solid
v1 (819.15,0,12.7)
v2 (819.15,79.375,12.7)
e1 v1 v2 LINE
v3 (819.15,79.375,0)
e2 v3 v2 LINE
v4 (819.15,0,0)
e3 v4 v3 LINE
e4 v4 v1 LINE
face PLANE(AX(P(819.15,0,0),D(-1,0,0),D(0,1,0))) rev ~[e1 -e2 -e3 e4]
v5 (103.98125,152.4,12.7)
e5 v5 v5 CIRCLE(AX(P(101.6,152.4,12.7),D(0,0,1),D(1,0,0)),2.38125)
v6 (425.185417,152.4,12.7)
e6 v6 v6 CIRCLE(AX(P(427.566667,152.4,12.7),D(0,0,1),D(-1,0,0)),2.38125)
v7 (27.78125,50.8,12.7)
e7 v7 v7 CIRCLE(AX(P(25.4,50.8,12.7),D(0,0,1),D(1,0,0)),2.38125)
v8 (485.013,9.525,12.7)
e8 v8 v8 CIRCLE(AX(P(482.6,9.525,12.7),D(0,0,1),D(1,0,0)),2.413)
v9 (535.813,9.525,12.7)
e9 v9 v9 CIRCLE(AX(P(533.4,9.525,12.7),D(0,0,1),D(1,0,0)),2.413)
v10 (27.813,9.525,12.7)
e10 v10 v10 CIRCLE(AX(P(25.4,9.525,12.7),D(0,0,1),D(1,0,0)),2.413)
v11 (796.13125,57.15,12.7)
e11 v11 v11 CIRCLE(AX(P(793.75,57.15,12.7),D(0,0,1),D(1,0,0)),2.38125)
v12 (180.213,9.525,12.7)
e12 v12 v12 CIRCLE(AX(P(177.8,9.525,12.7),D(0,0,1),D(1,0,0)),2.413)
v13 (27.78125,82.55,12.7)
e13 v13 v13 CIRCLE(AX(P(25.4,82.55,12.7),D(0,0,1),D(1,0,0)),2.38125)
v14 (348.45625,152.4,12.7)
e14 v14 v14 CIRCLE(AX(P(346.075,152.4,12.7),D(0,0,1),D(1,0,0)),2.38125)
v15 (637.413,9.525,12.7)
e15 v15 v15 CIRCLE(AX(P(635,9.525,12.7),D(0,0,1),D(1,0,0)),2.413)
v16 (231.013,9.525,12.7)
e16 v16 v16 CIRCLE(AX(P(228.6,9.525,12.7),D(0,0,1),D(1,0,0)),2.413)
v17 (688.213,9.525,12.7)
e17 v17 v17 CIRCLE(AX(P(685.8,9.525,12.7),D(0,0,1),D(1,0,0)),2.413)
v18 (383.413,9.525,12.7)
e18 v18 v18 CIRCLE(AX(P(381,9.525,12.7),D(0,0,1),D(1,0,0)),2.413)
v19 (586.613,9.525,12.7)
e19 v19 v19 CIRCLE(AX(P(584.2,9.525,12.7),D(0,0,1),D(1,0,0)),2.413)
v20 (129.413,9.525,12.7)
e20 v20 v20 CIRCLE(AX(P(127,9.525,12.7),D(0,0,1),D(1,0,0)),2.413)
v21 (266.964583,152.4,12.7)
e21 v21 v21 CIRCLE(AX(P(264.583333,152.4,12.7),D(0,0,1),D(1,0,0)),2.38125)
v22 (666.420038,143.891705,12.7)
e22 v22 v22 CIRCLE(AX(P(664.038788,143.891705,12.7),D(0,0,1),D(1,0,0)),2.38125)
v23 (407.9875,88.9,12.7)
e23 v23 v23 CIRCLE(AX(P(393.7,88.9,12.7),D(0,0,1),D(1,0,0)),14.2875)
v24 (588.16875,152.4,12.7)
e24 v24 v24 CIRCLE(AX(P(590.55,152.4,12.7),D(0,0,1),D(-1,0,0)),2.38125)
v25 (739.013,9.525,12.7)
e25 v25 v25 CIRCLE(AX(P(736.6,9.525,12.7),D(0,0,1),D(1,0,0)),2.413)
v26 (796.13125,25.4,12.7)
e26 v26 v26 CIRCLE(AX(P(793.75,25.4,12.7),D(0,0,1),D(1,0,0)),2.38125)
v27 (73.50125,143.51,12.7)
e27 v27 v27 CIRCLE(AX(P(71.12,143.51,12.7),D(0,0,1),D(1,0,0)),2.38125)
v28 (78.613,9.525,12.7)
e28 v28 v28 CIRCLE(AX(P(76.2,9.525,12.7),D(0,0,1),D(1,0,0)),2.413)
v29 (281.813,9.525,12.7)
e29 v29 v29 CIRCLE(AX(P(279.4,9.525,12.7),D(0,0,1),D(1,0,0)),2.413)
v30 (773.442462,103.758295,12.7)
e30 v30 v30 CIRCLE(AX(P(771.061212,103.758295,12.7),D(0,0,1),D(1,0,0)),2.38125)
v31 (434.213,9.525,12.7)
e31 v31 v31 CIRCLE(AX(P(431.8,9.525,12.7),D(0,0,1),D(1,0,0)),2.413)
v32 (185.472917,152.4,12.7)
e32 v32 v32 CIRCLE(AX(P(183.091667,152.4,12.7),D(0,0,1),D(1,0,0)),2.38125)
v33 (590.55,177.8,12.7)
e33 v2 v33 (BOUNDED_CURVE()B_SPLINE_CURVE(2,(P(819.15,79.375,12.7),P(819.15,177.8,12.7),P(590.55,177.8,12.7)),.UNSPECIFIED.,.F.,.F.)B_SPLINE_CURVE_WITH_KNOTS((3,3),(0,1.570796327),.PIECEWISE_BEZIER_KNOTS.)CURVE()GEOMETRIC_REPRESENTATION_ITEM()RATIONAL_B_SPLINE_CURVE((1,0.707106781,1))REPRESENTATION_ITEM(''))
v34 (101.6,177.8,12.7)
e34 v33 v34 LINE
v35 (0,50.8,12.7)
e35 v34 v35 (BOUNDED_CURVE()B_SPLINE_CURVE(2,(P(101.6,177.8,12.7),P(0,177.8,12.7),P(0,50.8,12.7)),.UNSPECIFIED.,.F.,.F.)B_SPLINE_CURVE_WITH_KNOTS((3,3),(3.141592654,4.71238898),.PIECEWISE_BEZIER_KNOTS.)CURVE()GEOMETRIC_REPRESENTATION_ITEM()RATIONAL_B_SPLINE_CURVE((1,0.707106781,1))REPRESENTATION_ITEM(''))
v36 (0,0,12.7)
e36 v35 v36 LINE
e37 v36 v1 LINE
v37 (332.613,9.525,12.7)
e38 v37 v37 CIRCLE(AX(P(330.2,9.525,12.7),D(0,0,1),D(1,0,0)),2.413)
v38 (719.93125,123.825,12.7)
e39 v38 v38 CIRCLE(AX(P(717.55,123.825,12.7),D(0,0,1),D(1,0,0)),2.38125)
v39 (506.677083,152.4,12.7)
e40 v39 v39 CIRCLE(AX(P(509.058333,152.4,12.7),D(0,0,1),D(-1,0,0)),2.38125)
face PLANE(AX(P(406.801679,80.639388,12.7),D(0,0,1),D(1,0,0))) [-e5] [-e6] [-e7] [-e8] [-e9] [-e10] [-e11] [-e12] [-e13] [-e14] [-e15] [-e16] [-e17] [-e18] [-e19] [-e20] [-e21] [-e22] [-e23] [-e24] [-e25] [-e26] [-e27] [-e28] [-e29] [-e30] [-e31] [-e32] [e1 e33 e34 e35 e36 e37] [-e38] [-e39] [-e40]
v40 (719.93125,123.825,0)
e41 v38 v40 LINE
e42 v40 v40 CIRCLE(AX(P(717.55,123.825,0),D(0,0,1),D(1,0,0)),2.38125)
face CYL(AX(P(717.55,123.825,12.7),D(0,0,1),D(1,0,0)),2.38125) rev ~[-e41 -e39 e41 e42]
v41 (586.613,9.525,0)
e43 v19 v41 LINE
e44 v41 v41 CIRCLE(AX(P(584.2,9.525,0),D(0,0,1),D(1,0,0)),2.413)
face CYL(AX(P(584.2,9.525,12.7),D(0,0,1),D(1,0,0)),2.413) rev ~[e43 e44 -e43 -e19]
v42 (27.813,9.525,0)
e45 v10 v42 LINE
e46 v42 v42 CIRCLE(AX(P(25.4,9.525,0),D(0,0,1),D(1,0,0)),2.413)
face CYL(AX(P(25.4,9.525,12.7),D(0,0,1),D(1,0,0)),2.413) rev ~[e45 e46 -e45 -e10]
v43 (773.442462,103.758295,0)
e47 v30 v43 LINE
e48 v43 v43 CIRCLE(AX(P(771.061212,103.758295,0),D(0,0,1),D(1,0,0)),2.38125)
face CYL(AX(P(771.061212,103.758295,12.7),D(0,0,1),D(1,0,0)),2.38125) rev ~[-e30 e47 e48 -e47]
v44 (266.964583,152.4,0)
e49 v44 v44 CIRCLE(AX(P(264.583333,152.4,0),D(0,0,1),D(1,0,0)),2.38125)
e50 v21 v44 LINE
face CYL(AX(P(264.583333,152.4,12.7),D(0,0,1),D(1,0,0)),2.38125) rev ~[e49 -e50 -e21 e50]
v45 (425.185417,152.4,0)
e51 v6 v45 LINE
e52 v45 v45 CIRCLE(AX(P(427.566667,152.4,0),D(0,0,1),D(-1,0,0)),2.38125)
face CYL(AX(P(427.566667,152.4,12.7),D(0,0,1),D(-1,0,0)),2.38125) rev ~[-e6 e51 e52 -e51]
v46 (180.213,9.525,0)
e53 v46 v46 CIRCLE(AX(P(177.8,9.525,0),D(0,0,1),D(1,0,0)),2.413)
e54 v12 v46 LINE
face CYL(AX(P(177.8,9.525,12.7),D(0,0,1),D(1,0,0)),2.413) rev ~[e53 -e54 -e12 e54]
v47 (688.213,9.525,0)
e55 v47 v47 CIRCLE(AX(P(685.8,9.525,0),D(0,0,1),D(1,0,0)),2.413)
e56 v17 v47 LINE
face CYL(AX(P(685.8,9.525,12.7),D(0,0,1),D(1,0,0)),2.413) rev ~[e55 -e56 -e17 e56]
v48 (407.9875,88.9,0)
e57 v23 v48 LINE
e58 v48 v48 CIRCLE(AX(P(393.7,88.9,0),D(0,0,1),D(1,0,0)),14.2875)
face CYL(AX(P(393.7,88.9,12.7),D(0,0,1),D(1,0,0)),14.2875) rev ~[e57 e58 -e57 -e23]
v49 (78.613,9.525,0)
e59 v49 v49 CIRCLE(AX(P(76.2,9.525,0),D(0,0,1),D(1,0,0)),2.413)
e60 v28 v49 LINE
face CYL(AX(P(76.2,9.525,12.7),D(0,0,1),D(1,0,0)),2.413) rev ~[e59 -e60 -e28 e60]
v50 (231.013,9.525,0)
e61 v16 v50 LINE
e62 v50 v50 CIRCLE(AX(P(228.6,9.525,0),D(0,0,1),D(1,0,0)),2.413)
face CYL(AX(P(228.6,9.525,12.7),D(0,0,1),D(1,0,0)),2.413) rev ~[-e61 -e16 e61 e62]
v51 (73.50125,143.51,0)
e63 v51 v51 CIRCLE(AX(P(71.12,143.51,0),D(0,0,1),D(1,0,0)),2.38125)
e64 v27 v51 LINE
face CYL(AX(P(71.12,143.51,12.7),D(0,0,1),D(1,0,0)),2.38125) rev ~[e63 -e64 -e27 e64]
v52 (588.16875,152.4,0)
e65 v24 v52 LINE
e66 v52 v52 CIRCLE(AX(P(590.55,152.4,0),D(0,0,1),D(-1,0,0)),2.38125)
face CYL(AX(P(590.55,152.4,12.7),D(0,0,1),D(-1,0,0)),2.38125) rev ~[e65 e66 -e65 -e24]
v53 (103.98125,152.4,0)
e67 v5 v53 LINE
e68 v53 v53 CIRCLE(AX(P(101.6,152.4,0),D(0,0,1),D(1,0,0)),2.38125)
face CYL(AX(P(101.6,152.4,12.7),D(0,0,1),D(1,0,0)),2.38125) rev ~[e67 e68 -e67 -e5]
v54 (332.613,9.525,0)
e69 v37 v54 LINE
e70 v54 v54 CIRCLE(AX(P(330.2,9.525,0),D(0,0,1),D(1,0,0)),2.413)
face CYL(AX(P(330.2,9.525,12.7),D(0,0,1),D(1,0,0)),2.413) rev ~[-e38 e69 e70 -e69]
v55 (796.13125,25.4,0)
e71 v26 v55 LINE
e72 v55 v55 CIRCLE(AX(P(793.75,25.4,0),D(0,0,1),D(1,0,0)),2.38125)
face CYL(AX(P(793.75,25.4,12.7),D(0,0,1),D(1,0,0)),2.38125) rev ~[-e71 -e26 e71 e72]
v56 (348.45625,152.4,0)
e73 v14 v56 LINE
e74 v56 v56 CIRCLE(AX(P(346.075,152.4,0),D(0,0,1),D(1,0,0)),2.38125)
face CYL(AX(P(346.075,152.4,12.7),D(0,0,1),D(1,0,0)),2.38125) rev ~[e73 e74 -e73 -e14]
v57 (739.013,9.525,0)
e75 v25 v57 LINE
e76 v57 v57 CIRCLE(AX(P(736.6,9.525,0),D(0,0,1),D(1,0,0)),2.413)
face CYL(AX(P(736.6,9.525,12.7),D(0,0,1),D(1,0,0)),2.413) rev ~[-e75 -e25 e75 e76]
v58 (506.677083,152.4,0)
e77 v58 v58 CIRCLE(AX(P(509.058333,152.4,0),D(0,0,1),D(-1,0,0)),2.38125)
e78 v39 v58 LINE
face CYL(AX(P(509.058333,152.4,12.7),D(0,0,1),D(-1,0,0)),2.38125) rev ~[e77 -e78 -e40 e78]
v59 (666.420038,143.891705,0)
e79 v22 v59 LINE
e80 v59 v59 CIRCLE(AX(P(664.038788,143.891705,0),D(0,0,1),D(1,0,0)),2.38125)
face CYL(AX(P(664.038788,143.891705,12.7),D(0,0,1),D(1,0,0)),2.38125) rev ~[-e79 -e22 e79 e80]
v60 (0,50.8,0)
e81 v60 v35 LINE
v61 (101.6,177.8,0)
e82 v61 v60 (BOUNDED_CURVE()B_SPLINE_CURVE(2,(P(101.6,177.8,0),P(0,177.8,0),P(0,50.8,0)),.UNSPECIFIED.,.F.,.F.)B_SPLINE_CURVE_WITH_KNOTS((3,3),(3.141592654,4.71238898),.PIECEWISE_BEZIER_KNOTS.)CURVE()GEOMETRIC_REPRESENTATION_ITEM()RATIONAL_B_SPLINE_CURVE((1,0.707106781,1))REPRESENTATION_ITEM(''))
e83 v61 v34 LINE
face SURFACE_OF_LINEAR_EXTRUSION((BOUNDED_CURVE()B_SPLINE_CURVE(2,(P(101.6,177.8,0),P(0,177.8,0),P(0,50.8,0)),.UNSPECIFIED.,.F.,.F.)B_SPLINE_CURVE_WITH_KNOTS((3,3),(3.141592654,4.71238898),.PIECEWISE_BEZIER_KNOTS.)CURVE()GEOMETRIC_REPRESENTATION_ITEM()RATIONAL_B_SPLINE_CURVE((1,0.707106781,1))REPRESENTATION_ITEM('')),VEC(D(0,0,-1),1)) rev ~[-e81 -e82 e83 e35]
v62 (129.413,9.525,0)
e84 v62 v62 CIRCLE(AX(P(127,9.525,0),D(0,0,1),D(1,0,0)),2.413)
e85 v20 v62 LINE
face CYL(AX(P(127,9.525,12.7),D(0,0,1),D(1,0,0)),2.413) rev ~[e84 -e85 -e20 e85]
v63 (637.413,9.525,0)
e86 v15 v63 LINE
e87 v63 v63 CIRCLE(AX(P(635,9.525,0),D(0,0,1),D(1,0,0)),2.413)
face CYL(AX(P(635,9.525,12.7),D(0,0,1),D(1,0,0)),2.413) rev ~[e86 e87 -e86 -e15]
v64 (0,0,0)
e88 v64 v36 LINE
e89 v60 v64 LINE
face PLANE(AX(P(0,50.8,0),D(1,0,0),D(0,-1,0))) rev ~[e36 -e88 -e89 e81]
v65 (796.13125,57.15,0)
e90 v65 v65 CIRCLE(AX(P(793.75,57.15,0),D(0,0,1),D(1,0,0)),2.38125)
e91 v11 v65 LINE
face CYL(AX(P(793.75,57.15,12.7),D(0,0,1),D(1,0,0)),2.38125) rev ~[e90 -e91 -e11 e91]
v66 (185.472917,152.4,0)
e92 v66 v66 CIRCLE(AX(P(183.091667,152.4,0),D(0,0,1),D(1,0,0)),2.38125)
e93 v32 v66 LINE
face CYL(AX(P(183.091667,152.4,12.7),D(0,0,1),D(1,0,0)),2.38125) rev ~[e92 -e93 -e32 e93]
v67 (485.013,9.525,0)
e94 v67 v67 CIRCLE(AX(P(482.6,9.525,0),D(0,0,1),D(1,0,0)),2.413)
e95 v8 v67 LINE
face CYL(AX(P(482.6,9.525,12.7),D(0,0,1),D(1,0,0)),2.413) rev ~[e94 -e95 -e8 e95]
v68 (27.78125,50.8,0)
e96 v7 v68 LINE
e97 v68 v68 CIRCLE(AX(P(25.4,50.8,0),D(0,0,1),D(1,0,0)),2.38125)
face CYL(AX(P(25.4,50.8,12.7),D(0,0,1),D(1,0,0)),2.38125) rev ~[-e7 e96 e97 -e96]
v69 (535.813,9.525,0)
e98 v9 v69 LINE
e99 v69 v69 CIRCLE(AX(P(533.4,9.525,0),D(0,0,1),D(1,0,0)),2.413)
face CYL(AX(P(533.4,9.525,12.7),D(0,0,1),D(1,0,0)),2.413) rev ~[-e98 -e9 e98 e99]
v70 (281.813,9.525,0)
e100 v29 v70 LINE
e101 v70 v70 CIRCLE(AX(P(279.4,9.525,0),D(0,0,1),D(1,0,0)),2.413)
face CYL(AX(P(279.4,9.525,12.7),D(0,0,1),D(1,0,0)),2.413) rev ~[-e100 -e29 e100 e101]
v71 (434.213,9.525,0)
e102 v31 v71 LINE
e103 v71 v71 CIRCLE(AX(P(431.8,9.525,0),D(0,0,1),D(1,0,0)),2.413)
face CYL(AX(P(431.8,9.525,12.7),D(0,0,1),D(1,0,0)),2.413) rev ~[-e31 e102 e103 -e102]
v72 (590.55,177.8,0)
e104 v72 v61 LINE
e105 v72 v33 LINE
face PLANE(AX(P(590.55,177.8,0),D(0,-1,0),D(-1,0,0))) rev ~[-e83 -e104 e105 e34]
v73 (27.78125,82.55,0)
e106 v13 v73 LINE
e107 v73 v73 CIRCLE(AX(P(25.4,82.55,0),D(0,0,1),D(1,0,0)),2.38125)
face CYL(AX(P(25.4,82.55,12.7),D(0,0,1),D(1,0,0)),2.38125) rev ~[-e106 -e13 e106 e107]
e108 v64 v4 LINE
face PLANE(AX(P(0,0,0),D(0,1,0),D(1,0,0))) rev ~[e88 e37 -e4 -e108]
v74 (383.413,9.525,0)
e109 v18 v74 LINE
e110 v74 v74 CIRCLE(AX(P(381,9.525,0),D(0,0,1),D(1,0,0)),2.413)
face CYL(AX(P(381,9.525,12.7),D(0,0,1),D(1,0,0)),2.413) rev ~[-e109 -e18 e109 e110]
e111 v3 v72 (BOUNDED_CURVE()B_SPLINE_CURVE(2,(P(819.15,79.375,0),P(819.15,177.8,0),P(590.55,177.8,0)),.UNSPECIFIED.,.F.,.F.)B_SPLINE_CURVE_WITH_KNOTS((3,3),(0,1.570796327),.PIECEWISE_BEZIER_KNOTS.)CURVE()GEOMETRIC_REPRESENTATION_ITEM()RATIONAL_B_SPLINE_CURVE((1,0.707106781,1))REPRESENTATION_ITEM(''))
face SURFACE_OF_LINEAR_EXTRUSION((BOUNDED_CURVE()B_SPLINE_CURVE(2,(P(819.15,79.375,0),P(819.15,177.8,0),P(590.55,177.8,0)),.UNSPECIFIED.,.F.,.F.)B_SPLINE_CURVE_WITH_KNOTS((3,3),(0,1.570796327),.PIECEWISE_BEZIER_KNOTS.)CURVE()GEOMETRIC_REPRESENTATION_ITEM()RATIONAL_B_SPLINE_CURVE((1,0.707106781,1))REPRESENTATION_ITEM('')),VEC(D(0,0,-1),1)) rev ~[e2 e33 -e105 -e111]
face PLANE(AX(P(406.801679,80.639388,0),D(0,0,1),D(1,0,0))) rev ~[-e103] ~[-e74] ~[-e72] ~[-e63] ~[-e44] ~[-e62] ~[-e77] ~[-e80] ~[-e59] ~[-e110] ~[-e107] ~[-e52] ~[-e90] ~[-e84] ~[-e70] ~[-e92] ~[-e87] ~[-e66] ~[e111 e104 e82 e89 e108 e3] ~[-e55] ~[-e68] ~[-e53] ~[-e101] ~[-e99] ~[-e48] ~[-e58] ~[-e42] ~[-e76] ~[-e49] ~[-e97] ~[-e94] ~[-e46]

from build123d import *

# Parameters (mm, degrees)
BOSS_EXTRUDE1_DEPTH = 12.7
SKETCH12_R          = 2.38125
CUT_EXTRUDE10_DEPTH = 839.320256645
SKETCH13_R          = 2.413
CUT_EXTRUDE11_DEPTH = 839.320256645
LPATTERN1_COUNT     = 15
LPATTERN1_PITCH     = 50.8
SKETCH17_R          = 14.2875
CUT_EXTRUDE15_DEPTH = 839.320256645


with BuildPart() as part:
    # Sketch1 → Boss-Extrude1 (new body)
    with BuildSketch(Plane.XY):
        with BuildLine():
            Line((0, 0), (819.15, 0))
            Line((819.15, 0), (819.15, 79.375))
            add(Edge.make_bspline(
                [(819.15, 79.375), (819.15, 177.8), (590.55, 177.8)],
                knots=[0, 0, 0, 1.570796327, 1.570796327, 1.570796327], degree=2, weights=[1, 0.707106781, 1]))
            Line((590.55, 177.8), (101.6, 177.8))
            add(Edge.make_bspline(
                [(101.6, 177.8), (0, 177.8), (0, 50.8)],
                knots=[3.141592654, 3.141592654, 3.141592654, 4.71238898, 4.71238898, 4.71238898], degree=2, weights=[1, 0.707106781, 1]))
            Line((0, 50.8), (0, 0))
        make_face()
    extrude(amount=BOSS_EXTRUDE1_DEPTH)

    # Sketch12 → Cut-Extrude10 (cut, through all)
    with BuildSketch(Plane.XY.offset(12.7)):
        with Locations((25.4, 50.8)):
            Circle(SKETCH12_R)
        with Locations((346.075, 152.4)):
            Circle(SKETCH12_R)
        with Locations((264.583333333, 152.4)):
            Circle(SKETCH12_R)
        with Locations((101.6, 152.4)):
            Circle(SKETCH12_R)
        with Locations((183.091666667, 152.4)):
            Circle(SKETCH12_R)
        with Locations((71.12, 143.51)):
            Circle(SKETCH12_R)
        with Locations((25.4, 82.55)):
            Circle(SKETCH12_R)
        with Locations((509.058333333, 152.4)):
            Circle(SKETCH12_R)
        with Locations((590.55, 152.4)):
            Circle(SKETCH12_R)
        with Locations((427.566666667, 152.4)):
            Circle(SKETCH12_R)
        with Locations((793.75, 57.15)):
            Circle(SKETCH12_R)
        with Locations((793.75, 25.4)):
            Circle(SKETCH12_R)
        with Locations((717.55, 123.825)):
            Circle(SKETCH12_R)
        with Locations((664.038787502, 143.891704687)):
            Circle(SKETCH12_R)
        with Locations((771.061212498, 103.758295313)):
            Circle(SKETCH12_R)
    extrude(amount=-CUT_EXTRUDE10_DEPTH, mode=Mode.SUBTRACT)

    # Sketch13 → Cut-Extrude11 (cut, through all)
    with BuildSketch(Plane.XY.offset(12.7)):
        with Locations((25.4, 9.525)):
            Circle(SKETCH13_R)
    cut_extrude11 = extrude(amount=-CUT_EXTRUDE11_DEPTH, mode=Mode.SUBTRACT)

    # LPattern1: Cut-Extrude11 ×15
    with Locations(*[(i * LPATTERN1_PITCH, 0, 0) for i in range(1, LPATTERN1_COUNT)]):
        add(cut_extrude11, mode=Mode.SUBTRACT)

    # Sketch17 → Cut-Extrude15 (cut, through all)
    with BuildSketch(Plane.XY.offset(12.7)):
        with Locations((393.7, 88.9)):
            Circle(SKETCH17_R)
    extrude(amount=-CUT_EXTRUDE15_DEPTH, mode=Mode.SUBTRACT)


solid = part.part
